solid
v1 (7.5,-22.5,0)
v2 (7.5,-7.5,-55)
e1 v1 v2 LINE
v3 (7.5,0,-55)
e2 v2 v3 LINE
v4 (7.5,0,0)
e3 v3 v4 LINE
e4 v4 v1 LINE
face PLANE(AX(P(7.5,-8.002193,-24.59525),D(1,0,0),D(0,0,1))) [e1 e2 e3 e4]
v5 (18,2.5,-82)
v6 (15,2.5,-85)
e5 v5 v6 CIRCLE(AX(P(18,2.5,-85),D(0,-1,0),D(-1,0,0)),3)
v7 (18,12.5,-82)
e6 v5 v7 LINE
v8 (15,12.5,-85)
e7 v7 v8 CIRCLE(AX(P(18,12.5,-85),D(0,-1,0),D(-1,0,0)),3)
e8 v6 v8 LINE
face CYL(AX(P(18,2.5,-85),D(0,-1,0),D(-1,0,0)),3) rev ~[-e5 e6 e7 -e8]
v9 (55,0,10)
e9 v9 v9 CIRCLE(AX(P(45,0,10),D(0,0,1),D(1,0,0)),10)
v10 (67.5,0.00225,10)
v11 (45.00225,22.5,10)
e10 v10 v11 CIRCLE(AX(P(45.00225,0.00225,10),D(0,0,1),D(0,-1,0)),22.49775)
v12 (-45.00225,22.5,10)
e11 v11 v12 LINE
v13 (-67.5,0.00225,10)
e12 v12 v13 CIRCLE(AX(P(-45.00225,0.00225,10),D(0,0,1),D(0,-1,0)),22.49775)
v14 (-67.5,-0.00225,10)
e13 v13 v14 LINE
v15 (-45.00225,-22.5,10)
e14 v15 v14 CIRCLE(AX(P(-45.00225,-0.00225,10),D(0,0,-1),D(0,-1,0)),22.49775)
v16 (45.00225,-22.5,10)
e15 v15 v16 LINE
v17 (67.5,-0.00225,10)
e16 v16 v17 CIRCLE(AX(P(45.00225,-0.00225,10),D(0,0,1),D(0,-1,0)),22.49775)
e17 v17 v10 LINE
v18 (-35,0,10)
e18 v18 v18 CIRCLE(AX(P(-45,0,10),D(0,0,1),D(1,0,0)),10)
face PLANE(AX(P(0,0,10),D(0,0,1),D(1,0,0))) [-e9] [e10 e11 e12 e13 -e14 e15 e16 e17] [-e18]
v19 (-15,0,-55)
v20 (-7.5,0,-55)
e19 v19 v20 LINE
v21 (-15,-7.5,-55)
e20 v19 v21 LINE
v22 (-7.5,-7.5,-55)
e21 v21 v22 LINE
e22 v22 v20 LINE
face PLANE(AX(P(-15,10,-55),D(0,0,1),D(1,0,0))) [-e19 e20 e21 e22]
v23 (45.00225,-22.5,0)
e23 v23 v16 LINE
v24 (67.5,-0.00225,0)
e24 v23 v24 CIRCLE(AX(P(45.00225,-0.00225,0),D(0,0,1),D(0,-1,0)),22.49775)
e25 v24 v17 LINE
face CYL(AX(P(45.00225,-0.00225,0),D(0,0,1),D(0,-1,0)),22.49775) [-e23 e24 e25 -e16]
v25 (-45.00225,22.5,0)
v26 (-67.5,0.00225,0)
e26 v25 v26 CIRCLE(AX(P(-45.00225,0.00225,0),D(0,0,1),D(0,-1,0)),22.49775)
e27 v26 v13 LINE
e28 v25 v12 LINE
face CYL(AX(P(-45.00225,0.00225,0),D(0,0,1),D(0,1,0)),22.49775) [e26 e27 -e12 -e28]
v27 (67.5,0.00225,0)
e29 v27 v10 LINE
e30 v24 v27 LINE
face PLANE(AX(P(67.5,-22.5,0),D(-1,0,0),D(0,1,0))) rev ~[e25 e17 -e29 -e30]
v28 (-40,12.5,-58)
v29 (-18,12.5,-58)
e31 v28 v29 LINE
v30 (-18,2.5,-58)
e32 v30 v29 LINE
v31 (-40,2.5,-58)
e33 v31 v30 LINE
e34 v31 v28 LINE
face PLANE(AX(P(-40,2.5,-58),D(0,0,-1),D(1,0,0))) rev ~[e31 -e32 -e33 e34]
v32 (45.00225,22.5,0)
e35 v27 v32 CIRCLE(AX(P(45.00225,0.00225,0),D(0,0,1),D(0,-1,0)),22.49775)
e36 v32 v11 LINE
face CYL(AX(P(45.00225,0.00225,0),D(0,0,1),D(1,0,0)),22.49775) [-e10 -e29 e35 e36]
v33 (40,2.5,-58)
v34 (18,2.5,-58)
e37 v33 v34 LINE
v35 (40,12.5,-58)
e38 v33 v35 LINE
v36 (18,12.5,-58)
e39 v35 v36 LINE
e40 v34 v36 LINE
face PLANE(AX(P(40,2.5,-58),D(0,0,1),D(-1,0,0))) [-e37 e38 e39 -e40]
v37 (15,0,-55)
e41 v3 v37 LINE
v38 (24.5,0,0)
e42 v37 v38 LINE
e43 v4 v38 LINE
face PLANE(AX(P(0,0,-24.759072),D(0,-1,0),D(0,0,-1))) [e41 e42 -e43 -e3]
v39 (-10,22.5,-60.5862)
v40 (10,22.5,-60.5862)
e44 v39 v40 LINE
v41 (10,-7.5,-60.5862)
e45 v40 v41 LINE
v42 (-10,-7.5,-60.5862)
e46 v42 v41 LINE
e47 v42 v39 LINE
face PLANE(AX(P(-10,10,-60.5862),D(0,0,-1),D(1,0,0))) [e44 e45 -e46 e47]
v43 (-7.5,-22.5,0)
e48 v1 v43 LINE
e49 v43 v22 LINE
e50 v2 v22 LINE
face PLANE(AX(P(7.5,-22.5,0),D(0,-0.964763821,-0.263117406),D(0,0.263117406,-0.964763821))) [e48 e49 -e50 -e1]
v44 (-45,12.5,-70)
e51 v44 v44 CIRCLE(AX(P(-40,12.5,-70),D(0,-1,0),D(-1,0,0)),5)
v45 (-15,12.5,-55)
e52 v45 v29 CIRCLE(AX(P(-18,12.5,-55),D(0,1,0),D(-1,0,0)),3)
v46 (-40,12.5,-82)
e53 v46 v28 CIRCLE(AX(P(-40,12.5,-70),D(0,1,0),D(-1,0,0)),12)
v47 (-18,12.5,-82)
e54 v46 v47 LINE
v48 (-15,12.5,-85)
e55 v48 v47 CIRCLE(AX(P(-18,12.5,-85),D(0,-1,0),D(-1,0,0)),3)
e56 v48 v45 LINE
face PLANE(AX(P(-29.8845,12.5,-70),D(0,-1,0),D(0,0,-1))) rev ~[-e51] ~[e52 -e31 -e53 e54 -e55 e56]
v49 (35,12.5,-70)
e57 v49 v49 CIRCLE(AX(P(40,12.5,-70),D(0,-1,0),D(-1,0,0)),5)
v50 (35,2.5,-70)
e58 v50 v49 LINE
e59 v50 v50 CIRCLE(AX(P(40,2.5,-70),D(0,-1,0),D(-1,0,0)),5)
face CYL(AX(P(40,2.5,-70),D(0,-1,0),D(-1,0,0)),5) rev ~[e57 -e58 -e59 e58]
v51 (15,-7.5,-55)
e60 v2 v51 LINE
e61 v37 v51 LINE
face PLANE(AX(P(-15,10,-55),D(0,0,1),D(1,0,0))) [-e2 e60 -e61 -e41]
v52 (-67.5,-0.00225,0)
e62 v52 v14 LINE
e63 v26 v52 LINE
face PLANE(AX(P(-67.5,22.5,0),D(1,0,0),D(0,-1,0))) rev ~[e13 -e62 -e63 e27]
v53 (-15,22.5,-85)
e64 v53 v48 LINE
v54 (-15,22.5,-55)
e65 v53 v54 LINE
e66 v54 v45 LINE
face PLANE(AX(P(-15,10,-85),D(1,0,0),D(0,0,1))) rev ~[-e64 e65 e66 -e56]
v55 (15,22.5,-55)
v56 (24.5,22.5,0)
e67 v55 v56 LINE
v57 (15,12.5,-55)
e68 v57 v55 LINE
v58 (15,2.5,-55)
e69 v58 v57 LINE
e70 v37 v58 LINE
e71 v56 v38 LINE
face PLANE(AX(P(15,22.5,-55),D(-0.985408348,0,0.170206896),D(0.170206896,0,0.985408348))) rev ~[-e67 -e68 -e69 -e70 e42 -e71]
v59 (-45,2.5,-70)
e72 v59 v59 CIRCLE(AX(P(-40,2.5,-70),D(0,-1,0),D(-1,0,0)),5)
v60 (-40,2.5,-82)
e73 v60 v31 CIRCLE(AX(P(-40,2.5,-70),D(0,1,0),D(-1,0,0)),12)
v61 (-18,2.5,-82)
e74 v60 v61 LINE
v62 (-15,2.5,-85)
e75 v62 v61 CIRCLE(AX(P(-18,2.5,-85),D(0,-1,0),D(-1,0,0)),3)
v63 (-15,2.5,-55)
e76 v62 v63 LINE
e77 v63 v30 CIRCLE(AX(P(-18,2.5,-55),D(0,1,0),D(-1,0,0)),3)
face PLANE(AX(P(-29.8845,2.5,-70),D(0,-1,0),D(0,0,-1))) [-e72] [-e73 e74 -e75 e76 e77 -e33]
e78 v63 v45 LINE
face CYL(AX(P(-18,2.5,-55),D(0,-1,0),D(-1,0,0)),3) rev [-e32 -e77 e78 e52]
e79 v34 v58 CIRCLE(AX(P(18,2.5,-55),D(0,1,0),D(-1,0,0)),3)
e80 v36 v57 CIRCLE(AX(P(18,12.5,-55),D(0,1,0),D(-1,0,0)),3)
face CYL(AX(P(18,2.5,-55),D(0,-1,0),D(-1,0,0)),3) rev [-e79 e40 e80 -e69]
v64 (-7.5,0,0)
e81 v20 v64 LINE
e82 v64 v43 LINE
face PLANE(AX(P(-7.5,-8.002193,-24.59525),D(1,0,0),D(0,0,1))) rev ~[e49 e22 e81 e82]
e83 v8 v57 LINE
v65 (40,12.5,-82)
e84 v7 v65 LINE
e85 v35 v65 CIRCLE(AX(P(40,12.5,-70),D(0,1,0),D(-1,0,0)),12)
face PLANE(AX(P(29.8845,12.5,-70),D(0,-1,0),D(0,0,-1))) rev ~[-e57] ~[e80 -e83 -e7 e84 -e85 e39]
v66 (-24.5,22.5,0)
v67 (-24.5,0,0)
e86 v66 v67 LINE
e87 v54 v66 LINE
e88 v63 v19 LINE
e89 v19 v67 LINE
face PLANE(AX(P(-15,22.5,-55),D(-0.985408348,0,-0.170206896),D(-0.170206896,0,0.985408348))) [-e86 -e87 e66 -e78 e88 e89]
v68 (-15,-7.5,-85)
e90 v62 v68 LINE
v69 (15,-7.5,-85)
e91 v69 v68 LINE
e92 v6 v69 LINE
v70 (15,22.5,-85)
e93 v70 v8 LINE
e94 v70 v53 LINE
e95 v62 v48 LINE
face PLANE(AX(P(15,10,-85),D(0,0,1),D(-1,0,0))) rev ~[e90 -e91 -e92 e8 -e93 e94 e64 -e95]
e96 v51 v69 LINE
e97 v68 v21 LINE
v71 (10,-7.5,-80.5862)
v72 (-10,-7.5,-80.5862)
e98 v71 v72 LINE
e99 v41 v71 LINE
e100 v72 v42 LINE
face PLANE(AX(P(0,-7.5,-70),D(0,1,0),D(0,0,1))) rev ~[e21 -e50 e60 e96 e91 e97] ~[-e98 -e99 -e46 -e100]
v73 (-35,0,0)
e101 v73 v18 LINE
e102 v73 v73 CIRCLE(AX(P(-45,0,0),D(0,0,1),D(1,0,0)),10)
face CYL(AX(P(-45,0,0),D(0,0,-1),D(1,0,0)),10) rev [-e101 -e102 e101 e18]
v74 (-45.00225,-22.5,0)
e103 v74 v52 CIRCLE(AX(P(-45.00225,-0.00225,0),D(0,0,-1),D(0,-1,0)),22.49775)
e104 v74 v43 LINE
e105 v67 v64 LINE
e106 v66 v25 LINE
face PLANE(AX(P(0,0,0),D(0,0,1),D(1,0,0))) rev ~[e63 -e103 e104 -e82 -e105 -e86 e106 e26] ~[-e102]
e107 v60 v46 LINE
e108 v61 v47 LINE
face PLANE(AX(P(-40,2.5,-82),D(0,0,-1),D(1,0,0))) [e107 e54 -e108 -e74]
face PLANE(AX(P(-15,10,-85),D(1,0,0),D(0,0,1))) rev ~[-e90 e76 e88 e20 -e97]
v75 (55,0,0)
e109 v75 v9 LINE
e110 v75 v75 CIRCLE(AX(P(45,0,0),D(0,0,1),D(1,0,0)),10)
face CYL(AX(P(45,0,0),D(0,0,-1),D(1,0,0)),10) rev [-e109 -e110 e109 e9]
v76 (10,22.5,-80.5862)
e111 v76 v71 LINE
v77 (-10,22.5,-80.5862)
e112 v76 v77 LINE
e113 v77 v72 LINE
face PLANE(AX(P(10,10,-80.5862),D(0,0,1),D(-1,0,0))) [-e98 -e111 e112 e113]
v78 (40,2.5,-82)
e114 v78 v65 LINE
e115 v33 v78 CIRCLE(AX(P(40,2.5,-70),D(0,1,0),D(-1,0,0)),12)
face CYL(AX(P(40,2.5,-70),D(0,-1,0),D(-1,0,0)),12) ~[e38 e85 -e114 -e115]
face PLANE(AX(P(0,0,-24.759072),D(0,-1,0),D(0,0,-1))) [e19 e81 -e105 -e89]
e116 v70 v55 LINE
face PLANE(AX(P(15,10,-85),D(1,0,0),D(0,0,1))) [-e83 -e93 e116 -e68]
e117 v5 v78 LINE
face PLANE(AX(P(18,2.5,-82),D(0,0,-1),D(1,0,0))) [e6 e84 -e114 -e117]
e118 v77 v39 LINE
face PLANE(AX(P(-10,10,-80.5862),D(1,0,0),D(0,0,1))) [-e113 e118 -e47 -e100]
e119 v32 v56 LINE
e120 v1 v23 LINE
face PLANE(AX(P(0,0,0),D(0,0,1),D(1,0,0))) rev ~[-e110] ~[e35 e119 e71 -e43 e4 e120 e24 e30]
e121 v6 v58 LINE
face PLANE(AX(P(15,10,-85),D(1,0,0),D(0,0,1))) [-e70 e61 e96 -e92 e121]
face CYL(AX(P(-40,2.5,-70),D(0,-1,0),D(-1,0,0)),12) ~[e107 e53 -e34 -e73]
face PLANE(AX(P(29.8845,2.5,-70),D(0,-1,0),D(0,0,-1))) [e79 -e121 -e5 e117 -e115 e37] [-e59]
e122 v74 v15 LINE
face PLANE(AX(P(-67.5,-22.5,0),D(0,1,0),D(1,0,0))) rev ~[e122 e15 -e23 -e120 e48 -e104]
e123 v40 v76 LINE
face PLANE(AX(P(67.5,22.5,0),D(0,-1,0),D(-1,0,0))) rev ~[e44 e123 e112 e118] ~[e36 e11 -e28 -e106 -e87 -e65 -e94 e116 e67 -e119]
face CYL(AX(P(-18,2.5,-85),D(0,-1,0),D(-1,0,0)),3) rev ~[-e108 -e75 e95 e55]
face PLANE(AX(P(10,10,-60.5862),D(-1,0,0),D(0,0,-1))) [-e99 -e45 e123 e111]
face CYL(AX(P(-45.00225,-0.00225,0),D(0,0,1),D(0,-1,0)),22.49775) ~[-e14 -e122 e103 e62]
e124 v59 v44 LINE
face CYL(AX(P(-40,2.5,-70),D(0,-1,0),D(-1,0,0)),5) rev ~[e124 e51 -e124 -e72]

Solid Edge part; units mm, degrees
sketch "Sketch1" plane through (0, 0, 0) normal (0, 0, 1) x (1, 0, 0)
  line L0 (-67.5, -22.5) -> (67.5, -22.5)
  line L1 (67.5, -22.5) -> (67.5, 22.5)
  line L2 (67.5, 22.5) -> (-67.5, 22.5)
  line L3 (-67.5, 22.5) -> (-67.5, -22.5)
  circle A0 centre (-45, 0) radius 10
  circle A1 centre (45, 0) radius 10
  dimension "D1" = 135
  dimension "D2" = 45
  dimension "D3" = 20
  dimension "D4" = 20
  dimension "D5" = 22.5
  dimension "D6" = 22.5
extrude "Protrusion1" add sketch "Sketch1" along normal blind 10
fillet "Round_1" radius 22.5 4 edges at (67.5, -22.5, 5) (67.5, 22.5, 5) (-67.5, -22.5, 5) (-67.5, 22.5, 5)
sketch "Sketch2" plane through (0, 22.5, 5) normal (0, 1, 0) x (1, 0, 0)
  line L0 (-15, 60) -> (15, 60)
  line L1 (15, 60) -> (24.5, 5)
  line L2 (-24.5, 5) -> (24.5, 5)
  line L3 (-15, 60) -> (-24.5, 5)
extrude "ExtrudedProtrusion_2" add sketch "Sketch2" against normal blind 22.5
sketch "Sketch3" plane through (0, 10, 0) normal (0, -1, 0) x (1, 0, 0)
  line L0 (15, -85) -> (-15, -85)
  line L1 (-15, -85) -> (-15, -55)
  line L2 (-15, -55) -> (15, -55)
  line L3 (15, -85) -> (15, -55)
  line L4 (10, -60.5862) -> (10, -80.5862)
  line L5 (10, -80.5862) -> (-10, -80.5862)
  line L6 (-10, -80.5862) -> (-10, -60.5862)
  line L7 (-10, -60.5862) -> (10, -60.5862)
extrude "ExtrudedProtrusion_4" add sketch "Sketch3" against normal blind 12.5
sketch "Sketch4" plane through (0, 10, 0) normal (0, -1, 0) x (1, 0, 0)
  line L0 (15, -55) -> (15, -85)
  line L1 (15, -85) -> (-15, -85)
  line L2 (-15, -85) -> (-15, -55)
  line L3 (-15, -55) -> (15, -55)
  line L4 (10, -80.5862) -> (-10, -80.5862)
  line L5 (-10, -80.5862) -> (-10, -60.5862)
  line L6 (-10, -60.5862) -> (10, -60.5862)
  line L7 (10, -60.5862) -> (10, -80.5862)
extrude "ExtrudedProtrusion_5" add sketch "Sketch4" along normal blind 17.5
sketch "Sketch5" plane through (0, 2.5, -70) normal (0, -1, 0) x (-1, 0, 0)
  line L0 (-18, 12) -> (-40, 12)
  line L1 (-40, -12) -> (-18, -12)
  arc A0 (-18, -12) -> (-15, -15) centre (-18, -15) cw
  line L2 (-15, 15) -> (-15, -15)
  arc A1 (-18, 12) -> (-15, 15) centre (-18, 15) ccw
  arc A2 (-40, -12) -> (-40, 12) centre (-40, 0) cw
  circle A3 centre (-40, 0) radius 5
  line L3 (40, 12) -> (18, 12)
  arc A4 (15, 15) -> (18, 12) centre (18, 15) ccw
  line L4 (15, 15) -> (15, -15)
  arc A5 (15, -15) -> (18, -12) centre (18, -15) cw
  line L5 (40, -12) -> (18, -12)
  arc A6 (40, 12) -> (40, -12) centre (40, 0) cw
  circle A7 centre (40, 0) radius 5
extrude "ExtrudedProtrusion_7" add sketch "Sketch5" against normal blind 10
sketch "Sketch6" plane through (7.5, 0, 0) normal (1, 0, 0) x (0, 1, 0)
  line L0 (0, 0) -> (-22.5, 0)
  line L1 (-22.5, 0) -> (-7.5, -55)
  line L2 (-7.5, -55) -> (0, -55)
  line L3 (0, -55) -> (0, 0)
extrude "ExtrudedProtrusion_8" add sketch "Sketch6" against normal blind 15
